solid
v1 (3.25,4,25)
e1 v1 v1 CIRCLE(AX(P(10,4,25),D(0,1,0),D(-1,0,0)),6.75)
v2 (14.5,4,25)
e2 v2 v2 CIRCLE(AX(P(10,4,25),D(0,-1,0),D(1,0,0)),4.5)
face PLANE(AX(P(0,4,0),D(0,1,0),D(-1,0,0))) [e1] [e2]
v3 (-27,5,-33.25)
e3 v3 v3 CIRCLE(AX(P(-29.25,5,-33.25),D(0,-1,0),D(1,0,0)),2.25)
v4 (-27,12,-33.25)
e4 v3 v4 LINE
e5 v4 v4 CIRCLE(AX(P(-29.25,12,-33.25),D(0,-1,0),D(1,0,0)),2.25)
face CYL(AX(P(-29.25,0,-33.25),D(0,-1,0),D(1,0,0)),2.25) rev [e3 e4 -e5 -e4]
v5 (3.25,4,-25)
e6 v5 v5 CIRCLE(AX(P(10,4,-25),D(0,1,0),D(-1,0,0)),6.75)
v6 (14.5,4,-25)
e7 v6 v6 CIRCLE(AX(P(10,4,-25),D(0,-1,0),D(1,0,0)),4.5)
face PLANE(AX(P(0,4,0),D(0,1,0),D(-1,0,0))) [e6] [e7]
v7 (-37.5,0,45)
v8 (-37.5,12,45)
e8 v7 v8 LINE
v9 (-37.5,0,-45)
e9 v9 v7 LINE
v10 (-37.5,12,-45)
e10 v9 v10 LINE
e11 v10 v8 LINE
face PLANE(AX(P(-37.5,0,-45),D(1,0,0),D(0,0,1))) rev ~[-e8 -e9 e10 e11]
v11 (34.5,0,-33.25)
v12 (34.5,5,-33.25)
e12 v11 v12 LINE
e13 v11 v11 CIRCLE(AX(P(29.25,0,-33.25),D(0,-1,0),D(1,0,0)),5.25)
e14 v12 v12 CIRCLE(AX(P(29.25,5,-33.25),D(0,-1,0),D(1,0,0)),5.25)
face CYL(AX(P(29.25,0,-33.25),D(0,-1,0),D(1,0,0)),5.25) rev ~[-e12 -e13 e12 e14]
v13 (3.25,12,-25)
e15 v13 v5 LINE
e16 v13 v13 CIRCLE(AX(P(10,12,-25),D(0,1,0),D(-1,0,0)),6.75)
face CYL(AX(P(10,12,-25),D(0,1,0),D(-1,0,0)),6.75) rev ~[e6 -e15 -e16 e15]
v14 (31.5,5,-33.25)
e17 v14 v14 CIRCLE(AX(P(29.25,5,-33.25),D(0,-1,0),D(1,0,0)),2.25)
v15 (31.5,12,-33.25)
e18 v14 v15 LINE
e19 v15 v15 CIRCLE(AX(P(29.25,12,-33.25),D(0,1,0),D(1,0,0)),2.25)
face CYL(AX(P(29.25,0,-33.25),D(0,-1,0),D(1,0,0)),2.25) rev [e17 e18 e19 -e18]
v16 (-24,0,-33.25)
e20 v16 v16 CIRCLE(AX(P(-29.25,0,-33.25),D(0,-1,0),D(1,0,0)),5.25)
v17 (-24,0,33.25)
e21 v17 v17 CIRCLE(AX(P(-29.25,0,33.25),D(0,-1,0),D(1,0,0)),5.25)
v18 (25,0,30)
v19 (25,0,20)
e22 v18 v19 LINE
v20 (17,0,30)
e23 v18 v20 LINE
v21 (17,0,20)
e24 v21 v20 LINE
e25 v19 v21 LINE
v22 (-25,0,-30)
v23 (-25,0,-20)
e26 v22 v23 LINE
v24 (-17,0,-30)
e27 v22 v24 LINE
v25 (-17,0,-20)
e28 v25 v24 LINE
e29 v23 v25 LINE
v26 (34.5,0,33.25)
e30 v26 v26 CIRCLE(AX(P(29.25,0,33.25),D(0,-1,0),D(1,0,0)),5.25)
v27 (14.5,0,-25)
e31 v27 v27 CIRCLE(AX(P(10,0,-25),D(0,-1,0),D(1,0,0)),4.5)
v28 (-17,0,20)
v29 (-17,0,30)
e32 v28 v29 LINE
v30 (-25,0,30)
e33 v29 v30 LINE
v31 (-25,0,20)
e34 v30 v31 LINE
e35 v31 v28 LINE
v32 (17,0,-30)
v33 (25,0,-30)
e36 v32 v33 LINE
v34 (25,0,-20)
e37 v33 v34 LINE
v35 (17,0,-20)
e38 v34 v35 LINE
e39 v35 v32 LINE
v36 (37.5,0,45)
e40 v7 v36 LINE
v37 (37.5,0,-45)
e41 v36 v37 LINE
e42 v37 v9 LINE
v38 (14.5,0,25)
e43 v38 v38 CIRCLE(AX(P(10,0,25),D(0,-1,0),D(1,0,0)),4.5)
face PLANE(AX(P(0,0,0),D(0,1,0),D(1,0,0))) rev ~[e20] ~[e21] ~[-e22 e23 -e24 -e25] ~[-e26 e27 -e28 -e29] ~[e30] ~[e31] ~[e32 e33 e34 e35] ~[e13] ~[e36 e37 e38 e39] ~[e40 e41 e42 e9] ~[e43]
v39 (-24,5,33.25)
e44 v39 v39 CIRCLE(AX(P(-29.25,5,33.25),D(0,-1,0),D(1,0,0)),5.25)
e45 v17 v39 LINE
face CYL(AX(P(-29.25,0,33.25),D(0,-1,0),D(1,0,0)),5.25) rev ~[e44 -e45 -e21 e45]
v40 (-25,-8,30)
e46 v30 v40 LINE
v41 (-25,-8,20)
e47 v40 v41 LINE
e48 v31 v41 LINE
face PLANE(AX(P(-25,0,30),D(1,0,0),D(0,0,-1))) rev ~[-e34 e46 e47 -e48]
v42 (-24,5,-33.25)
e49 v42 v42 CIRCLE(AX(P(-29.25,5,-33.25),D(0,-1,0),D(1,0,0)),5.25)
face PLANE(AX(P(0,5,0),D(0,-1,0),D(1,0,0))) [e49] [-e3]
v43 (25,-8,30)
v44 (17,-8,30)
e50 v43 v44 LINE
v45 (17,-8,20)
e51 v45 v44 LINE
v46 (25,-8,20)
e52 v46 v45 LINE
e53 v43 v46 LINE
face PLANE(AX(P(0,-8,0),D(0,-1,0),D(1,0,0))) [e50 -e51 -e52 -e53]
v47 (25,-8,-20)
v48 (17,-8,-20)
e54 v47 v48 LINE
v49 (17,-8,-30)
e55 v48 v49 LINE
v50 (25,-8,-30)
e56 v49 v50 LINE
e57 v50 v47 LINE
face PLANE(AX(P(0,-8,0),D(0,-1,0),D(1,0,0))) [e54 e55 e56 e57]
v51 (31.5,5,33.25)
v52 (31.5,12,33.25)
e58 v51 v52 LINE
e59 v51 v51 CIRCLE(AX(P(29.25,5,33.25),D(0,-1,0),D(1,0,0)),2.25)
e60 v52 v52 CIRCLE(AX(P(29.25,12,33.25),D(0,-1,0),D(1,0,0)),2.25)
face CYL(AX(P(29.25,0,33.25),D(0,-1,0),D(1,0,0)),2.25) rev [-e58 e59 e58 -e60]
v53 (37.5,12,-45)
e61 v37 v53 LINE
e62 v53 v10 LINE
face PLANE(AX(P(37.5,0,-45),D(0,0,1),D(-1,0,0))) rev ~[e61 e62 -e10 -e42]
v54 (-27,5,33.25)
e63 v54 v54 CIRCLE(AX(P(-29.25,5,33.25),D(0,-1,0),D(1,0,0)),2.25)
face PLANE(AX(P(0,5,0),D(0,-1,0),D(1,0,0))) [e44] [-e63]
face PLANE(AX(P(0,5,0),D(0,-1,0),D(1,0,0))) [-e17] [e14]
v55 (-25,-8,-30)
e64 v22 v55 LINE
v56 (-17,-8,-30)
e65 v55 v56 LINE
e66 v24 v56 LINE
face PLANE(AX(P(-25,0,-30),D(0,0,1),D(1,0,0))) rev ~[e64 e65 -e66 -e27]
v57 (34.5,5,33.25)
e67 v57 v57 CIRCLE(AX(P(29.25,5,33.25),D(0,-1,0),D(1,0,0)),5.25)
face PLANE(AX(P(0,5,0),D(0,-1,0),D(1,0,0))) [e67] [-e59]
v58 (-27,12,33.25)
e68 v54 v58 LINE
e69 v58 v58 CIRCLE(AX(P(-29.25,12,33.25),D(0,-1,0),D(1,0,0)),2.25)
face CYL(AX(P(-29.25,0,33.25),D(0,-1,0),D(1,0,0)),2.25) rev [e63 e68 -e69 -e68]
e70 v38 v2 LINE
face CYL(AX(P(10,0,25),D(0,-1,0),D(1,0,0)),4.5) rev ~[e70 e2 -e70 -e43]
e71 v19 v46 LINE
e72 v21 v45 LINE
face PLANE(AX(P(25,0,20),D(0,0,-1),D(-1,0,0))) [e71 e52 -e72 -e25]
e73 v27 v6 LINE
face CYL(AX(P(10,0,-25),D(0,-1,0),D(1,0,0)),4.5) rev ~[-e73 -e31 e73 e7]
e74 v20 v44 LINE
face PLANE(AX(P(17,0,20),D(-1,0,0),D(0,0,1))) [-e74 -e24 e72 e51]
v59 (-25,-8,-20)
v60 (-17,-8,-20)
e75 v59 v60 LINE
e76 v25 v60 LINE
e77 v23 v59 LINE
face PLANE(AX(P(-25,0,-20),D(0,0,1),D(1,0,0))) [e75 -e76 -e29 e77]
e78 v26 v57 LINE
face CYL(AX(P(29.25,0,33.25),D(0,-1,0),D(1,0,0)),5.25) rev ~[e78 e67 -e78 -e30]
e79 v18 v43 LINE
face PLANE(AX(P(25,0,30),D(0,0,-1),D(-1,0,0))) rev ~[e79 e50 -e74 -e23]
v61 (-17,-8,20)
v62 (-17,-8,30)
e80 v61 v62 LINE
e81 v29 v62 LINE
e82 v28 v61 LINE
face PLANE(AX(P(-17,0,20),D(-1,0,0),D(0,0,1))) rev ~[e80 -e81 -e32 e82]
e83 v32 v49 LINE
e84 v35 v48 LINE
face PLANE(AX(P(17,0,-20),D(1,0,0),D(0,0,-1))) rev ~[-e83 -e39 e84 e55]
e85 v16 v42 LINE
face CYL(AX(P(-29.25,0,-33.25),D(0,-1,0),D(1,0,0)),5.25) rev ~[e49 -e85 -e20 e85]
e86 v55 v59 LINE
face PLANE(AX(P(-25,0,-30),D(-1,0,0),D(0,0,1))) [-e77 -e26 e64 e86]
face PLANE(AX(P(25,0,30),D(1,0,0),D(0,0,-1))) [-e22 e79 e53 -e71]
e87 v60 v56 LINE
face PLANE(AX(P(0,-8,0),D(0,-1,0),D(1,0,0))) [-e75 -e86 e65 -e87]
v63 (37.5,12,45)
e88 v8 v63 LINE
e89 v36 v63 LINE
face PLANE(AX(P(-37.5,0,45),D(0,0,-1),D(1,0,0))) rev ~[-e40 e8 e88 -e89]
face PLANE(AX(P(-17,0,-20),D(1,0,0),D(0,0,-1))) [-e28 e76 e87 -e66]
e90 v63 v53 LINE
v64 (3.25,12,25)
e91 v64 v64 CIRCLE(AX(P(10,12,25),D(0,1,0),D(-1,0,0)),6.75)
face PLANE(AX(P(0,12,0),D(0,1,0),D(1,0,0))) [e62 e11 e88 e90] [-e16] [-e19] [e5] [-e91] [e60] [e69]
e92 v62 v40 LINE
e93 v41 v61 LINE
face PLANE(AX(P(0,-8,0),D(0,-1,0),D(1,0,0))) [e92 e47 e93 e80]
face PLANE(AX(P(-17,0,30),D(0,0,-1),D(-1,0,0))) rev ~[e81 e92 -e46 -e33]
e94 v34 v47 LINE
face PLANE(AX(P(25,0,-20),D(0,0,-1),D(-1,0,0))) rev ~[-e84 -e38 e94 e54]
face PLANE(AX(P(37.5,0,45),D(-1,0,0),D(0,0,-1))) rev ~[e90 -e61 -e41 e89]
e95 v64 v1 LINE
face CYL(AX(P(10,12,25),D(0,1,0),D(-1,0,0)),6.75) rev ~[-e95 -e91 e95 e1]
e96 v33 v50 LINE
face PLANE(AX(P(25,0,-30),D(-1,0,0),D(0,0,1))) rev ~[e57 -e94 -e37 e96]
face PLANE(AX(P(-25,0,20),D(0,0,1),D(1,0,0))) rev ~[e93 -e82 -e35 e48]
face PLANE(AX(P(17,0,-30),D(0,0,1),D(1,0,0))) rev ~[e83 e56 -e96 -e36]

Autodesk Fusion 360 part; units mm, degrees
sketch "Sketch1" plane through (0, 0, 0) normal (0, 1, 0) x (1, 0, 0)
  line L0 (29.25, 33.25) -> (-29.25, 33.25)
  line L1 (-29.25, 33.25) -> (-29.25, -33.25)
  line L2 (-29.25, -33.25) -> (29.25, -33.25)
  line L3 (29.25, -33.25) -> (29.25, 33.25)
  line L4 (29.25, 33.25) -> (-29.25, -33.25) construction
  line L5 (-29.25, 33.25) -> (29.25, -33.25) construction
  circle A0 centre (-29.25, -33.25) radius 2.25
  circle A1 centre (29.25, -33.25) radius 2.25
  circle A2 centre (-29.25, 33.25) radius 2.25
  circle A3 centre (29.25, 33.25) radius 2.25
  line L6 (37.5, 45) -> (-37.5, 45)
  line L7 (-37.5, 45) -> (-37.5, -45)
  line L8 (-37.5, -45) -> (37.5, -45)
  line L9 (37.5, -45) -> (37.5, 45)
  line L10 (37.5, 45) -> (-37.5, -45) construction
  line L11 (-37.5, 45) -> (37.5, -45) construction
  dimension "d1" = 58.5
  dimension "d2" = 66.5
  dimension "d3" = 4.5
  dimension "d4" = 4.5
  dimension "d5" = 4.5
  dimension "d6" = 4.5
  dimension "d7" = 75
  dimension "d8" = 90
extrude "Extrude1" add sketch "Sketch1" along normal blind 12 contours L0 L1 L2 L3 A0 A1 A2 A3 | L6 L7 L8 L9
sketch "Sketch2" plane through (0, 0, 0) normal (0, -1, 0) x (1, 0, 0)
  circle A0 centre (29.25, -33.25) radius 2.25
  circle A1 centre (-29.25, 33.25) radius 2.25
  circle A2 centre (-29.25, -33.25) radius 2.25
  circle A3 centre (29.25, 33.25) radius 2.25
  line L0 (37.5, -45) -> (37.5, 45)
  line L1 (37.5, 45) -> (-37.5, 45)
  line L2 (-37.5, 45) -> (-37.5, -45)
  line L3 (-37.5, -45) -> (37.5, -45)
  line L4 (-35, -30) -> (35, -30)
  line L5 (35, -30) -> (35, 30)
  line L6 (35, 30) -> (-35, 30)
  line L7 (-35, 30) -> (-35, -30)
  line L8 (-35, -30) -> (35, 30) construction
  line L9 (35, -30) -> (-35, 30) construction
  line L10 (-25, -20) -> (-17, -20)
  line L11 (-17, -20) -> (-17, -30)
  line L12 (-17, -30) -> (-25, -30)
  line L13 (-25, -30) -> (-25, -20)
  line L14 (25, -20) -> (17, -20)
  line L15 (17, -20) -> (17, -30)
  line L16 (17, -30) -> (25, -30)
  line L17 (25, -30) -> (25, -20)
  line L18 (25, 20) -> (17, 20)
  line L19 (17, 20) -> (17, 30)
  line L20 (17, 30) -> (25, 30)
  line L21 (25, 30) -> (25, 20)
  line L22 (-25, 20) -> (-17, 20)
  line L23 (-17, 20) -> (-17, 30)
  line L24 (-17, 30) -> (-25, 30)
  line L25 (-25, 30) -> (-25, 20)
  circle A4 centre (10, -25) radius 4.5
  circle A5 centre (-10, -25) radius 4.5
  circle A6 centre (10, 25) radius 4.5
  circle A7 centre (-10, 25) radius 4.5
  dimension "d11" = 60
  dimension "d25" = 8
  dimension "d26" = 8
  dimension "d27" = 8
  dimension "d28" = 8
  dimension "d29" = 9
  dimension "d30" = 9
  dimension "d31" = 9
  dimension "d32" = 9
extrude "Extrude2" add sketch "Sketch2" along normal blind 8 contours L4 L10 L11 L12 L13 | L6 L22 L23 L24 L25 | L4 L14 L15 L16 L17 | L6 L18 L19 L20 L21
sketch "Sketch3" plane through (0, 0, 0) normal (0, -1, 0) x (1, 0, 0)
  line L0 (-25, 30) -> (-17, 30)
  line L1 (25, -30) -> (17, -30)
  line L2 (37.5, -45) -> (37.5, 45)
  line L3 (-37.5, 45) -> (-37.5, -45)
  line L4 (-17, 30) -> (-17, 20)
  line L5 (-17, 20) -> (-25, 20)
  line L6 (-25, 20) -> (-25, 30)
  line L7 (17, -30) -> (17, -20)
  line L8 (17, -20) -> (25, -20)
  line L9 (25, -20) -> (25, -30)
  line L10 (25, 30) -> (25, 20)
  line L11 (25, 20) -> (17, 20)
  line L12 (17, 20) -> (17, 30)
  line L13 (17, 30) -> (25, 30)
  line L14 (-25, -30) -> (-25, -20)
  line L15 (-25, -20) -> (-17, -20)
  line L16 (-17, -20) -> (-17, -30)
  line L17 (-17, -30) -> (-25, -30)
  line L18 (37.5, 45) -> (-37.5, 45)
  line L19 (-37.5, -45) -> (37.5, -45)
  circle A0 centre (29.25, 33.25) radius 2.25
  circle A1 centre (29.25, -33.25) radius 2.25
  circle A2 centre (-29.25, 33.25) radius 2.25
  circle A3 centre (-29.25, -33.25) radius 2.25
  circle A4 centre (29.25, -33.25) radius 5.25
  circle A5 centre (-29.25, -33.25) radius 5.25
  circle A6 centre (-29.25, 33.25) radius 5.25
  circle A7 centre (29.25, 33.25) radius 5.25
  dimension "d41" = 10.5
  dimension "d42" = 10.5
  dimension "d43" = 10.5
  dimension "d44" = 10.5
sketch "Sketch4" plane through (0, 0, 0) normal (0, -1, 0) x (1, 0, 0)
  line L0 (-37.5, 45) -> (-37.5, -45)
  line L1 (25, -30) -> (17, -30)
  line L2 (17, 30) -> (25, 30)
  line L3 (-37.5, -45) -> (37.5, -45)
  line L4 (17, -30) -> (17, -20)
  line L5 (17, -20) -> (25, -20)
  line L6 (25, -20) -> (25, -30)
  line L7 (25, 30) -> (25, 20)
  line L8 (25, 20) -> (17, 20)
  line L9 (17, 20) -> (17, 30)
  line L10 (37.5, -45) -> (37.5, 45)
  line L11 (37.5, 45) -> (-37.5, 45)
  line L12 (-17, 30) -> (-17, 20)
  line L13 (-17, 20) -> (-25, 20)
  line L14 (-25, 20) -> (-25, 30)
  line L15 (-25, -30) -> (-25, -20)
  line L16 (-25, -20) -> (-17, -20)
  line L17 (-17, -20) -> (-17, -30)
  line L18 (-17, -30) -> (-25, -30)
  line L19 (-25, 30) -> (-17, 30)
  circle A0 centre (29.25, 33.25) radius 2.25
  circle A1 centre (-29.25, 33.25) radius 2.25
  circle A2 centre (-29.25, -33.25) radius 2.25
  circle A3 centre (29.25, -33.25) radius 2.25
sketch "Sketch5" plane through (0, 12, 0) normal (0, 1, 0) x (-1, 0, 0)
  circle A0 centre (-29.25, 33.25) radius 2.25
  circle A1 centre (-29.25, -33.25) radius 2.25
  circle A2 centre (29.25, 33.25) radius 2.25
  circle A3 centre (29.25, -33.25) radius 2.25
  line L0 (-37.5, 45) -> (-37.5, -45)
  line L1 (-37.5, -45) -> (37.5, -45)
  line L2 (37.5, -45) -> (37.5, 45)
  line L3 (37.5, 45) -> (-37.5, 45)
  circle A4 centre (10, -25) radius 6.75
  circle A5 centre (-10, -25) radius 6.75
  circle A6 centre (10, 25) radius 6.75
  circle A7 centre (-10, 25) radius 6.75
  dimension "d33" = 13.5
  dimension "d34" = 13.5
  dimension "d35" = 13.5
  dimension "d36" = 13.5
extrude "Extrude4" cut sketch "Sketch5" against normal blind 8 contours A5 | A7
extrude "Extrude5" cut sketch "Sketch2" against normal blind 16 contours A4 | A6
extrude "Extrude6" cut sketch "Sketch3" against normal blind 5 contours A4 | A5 | A6 | A7
